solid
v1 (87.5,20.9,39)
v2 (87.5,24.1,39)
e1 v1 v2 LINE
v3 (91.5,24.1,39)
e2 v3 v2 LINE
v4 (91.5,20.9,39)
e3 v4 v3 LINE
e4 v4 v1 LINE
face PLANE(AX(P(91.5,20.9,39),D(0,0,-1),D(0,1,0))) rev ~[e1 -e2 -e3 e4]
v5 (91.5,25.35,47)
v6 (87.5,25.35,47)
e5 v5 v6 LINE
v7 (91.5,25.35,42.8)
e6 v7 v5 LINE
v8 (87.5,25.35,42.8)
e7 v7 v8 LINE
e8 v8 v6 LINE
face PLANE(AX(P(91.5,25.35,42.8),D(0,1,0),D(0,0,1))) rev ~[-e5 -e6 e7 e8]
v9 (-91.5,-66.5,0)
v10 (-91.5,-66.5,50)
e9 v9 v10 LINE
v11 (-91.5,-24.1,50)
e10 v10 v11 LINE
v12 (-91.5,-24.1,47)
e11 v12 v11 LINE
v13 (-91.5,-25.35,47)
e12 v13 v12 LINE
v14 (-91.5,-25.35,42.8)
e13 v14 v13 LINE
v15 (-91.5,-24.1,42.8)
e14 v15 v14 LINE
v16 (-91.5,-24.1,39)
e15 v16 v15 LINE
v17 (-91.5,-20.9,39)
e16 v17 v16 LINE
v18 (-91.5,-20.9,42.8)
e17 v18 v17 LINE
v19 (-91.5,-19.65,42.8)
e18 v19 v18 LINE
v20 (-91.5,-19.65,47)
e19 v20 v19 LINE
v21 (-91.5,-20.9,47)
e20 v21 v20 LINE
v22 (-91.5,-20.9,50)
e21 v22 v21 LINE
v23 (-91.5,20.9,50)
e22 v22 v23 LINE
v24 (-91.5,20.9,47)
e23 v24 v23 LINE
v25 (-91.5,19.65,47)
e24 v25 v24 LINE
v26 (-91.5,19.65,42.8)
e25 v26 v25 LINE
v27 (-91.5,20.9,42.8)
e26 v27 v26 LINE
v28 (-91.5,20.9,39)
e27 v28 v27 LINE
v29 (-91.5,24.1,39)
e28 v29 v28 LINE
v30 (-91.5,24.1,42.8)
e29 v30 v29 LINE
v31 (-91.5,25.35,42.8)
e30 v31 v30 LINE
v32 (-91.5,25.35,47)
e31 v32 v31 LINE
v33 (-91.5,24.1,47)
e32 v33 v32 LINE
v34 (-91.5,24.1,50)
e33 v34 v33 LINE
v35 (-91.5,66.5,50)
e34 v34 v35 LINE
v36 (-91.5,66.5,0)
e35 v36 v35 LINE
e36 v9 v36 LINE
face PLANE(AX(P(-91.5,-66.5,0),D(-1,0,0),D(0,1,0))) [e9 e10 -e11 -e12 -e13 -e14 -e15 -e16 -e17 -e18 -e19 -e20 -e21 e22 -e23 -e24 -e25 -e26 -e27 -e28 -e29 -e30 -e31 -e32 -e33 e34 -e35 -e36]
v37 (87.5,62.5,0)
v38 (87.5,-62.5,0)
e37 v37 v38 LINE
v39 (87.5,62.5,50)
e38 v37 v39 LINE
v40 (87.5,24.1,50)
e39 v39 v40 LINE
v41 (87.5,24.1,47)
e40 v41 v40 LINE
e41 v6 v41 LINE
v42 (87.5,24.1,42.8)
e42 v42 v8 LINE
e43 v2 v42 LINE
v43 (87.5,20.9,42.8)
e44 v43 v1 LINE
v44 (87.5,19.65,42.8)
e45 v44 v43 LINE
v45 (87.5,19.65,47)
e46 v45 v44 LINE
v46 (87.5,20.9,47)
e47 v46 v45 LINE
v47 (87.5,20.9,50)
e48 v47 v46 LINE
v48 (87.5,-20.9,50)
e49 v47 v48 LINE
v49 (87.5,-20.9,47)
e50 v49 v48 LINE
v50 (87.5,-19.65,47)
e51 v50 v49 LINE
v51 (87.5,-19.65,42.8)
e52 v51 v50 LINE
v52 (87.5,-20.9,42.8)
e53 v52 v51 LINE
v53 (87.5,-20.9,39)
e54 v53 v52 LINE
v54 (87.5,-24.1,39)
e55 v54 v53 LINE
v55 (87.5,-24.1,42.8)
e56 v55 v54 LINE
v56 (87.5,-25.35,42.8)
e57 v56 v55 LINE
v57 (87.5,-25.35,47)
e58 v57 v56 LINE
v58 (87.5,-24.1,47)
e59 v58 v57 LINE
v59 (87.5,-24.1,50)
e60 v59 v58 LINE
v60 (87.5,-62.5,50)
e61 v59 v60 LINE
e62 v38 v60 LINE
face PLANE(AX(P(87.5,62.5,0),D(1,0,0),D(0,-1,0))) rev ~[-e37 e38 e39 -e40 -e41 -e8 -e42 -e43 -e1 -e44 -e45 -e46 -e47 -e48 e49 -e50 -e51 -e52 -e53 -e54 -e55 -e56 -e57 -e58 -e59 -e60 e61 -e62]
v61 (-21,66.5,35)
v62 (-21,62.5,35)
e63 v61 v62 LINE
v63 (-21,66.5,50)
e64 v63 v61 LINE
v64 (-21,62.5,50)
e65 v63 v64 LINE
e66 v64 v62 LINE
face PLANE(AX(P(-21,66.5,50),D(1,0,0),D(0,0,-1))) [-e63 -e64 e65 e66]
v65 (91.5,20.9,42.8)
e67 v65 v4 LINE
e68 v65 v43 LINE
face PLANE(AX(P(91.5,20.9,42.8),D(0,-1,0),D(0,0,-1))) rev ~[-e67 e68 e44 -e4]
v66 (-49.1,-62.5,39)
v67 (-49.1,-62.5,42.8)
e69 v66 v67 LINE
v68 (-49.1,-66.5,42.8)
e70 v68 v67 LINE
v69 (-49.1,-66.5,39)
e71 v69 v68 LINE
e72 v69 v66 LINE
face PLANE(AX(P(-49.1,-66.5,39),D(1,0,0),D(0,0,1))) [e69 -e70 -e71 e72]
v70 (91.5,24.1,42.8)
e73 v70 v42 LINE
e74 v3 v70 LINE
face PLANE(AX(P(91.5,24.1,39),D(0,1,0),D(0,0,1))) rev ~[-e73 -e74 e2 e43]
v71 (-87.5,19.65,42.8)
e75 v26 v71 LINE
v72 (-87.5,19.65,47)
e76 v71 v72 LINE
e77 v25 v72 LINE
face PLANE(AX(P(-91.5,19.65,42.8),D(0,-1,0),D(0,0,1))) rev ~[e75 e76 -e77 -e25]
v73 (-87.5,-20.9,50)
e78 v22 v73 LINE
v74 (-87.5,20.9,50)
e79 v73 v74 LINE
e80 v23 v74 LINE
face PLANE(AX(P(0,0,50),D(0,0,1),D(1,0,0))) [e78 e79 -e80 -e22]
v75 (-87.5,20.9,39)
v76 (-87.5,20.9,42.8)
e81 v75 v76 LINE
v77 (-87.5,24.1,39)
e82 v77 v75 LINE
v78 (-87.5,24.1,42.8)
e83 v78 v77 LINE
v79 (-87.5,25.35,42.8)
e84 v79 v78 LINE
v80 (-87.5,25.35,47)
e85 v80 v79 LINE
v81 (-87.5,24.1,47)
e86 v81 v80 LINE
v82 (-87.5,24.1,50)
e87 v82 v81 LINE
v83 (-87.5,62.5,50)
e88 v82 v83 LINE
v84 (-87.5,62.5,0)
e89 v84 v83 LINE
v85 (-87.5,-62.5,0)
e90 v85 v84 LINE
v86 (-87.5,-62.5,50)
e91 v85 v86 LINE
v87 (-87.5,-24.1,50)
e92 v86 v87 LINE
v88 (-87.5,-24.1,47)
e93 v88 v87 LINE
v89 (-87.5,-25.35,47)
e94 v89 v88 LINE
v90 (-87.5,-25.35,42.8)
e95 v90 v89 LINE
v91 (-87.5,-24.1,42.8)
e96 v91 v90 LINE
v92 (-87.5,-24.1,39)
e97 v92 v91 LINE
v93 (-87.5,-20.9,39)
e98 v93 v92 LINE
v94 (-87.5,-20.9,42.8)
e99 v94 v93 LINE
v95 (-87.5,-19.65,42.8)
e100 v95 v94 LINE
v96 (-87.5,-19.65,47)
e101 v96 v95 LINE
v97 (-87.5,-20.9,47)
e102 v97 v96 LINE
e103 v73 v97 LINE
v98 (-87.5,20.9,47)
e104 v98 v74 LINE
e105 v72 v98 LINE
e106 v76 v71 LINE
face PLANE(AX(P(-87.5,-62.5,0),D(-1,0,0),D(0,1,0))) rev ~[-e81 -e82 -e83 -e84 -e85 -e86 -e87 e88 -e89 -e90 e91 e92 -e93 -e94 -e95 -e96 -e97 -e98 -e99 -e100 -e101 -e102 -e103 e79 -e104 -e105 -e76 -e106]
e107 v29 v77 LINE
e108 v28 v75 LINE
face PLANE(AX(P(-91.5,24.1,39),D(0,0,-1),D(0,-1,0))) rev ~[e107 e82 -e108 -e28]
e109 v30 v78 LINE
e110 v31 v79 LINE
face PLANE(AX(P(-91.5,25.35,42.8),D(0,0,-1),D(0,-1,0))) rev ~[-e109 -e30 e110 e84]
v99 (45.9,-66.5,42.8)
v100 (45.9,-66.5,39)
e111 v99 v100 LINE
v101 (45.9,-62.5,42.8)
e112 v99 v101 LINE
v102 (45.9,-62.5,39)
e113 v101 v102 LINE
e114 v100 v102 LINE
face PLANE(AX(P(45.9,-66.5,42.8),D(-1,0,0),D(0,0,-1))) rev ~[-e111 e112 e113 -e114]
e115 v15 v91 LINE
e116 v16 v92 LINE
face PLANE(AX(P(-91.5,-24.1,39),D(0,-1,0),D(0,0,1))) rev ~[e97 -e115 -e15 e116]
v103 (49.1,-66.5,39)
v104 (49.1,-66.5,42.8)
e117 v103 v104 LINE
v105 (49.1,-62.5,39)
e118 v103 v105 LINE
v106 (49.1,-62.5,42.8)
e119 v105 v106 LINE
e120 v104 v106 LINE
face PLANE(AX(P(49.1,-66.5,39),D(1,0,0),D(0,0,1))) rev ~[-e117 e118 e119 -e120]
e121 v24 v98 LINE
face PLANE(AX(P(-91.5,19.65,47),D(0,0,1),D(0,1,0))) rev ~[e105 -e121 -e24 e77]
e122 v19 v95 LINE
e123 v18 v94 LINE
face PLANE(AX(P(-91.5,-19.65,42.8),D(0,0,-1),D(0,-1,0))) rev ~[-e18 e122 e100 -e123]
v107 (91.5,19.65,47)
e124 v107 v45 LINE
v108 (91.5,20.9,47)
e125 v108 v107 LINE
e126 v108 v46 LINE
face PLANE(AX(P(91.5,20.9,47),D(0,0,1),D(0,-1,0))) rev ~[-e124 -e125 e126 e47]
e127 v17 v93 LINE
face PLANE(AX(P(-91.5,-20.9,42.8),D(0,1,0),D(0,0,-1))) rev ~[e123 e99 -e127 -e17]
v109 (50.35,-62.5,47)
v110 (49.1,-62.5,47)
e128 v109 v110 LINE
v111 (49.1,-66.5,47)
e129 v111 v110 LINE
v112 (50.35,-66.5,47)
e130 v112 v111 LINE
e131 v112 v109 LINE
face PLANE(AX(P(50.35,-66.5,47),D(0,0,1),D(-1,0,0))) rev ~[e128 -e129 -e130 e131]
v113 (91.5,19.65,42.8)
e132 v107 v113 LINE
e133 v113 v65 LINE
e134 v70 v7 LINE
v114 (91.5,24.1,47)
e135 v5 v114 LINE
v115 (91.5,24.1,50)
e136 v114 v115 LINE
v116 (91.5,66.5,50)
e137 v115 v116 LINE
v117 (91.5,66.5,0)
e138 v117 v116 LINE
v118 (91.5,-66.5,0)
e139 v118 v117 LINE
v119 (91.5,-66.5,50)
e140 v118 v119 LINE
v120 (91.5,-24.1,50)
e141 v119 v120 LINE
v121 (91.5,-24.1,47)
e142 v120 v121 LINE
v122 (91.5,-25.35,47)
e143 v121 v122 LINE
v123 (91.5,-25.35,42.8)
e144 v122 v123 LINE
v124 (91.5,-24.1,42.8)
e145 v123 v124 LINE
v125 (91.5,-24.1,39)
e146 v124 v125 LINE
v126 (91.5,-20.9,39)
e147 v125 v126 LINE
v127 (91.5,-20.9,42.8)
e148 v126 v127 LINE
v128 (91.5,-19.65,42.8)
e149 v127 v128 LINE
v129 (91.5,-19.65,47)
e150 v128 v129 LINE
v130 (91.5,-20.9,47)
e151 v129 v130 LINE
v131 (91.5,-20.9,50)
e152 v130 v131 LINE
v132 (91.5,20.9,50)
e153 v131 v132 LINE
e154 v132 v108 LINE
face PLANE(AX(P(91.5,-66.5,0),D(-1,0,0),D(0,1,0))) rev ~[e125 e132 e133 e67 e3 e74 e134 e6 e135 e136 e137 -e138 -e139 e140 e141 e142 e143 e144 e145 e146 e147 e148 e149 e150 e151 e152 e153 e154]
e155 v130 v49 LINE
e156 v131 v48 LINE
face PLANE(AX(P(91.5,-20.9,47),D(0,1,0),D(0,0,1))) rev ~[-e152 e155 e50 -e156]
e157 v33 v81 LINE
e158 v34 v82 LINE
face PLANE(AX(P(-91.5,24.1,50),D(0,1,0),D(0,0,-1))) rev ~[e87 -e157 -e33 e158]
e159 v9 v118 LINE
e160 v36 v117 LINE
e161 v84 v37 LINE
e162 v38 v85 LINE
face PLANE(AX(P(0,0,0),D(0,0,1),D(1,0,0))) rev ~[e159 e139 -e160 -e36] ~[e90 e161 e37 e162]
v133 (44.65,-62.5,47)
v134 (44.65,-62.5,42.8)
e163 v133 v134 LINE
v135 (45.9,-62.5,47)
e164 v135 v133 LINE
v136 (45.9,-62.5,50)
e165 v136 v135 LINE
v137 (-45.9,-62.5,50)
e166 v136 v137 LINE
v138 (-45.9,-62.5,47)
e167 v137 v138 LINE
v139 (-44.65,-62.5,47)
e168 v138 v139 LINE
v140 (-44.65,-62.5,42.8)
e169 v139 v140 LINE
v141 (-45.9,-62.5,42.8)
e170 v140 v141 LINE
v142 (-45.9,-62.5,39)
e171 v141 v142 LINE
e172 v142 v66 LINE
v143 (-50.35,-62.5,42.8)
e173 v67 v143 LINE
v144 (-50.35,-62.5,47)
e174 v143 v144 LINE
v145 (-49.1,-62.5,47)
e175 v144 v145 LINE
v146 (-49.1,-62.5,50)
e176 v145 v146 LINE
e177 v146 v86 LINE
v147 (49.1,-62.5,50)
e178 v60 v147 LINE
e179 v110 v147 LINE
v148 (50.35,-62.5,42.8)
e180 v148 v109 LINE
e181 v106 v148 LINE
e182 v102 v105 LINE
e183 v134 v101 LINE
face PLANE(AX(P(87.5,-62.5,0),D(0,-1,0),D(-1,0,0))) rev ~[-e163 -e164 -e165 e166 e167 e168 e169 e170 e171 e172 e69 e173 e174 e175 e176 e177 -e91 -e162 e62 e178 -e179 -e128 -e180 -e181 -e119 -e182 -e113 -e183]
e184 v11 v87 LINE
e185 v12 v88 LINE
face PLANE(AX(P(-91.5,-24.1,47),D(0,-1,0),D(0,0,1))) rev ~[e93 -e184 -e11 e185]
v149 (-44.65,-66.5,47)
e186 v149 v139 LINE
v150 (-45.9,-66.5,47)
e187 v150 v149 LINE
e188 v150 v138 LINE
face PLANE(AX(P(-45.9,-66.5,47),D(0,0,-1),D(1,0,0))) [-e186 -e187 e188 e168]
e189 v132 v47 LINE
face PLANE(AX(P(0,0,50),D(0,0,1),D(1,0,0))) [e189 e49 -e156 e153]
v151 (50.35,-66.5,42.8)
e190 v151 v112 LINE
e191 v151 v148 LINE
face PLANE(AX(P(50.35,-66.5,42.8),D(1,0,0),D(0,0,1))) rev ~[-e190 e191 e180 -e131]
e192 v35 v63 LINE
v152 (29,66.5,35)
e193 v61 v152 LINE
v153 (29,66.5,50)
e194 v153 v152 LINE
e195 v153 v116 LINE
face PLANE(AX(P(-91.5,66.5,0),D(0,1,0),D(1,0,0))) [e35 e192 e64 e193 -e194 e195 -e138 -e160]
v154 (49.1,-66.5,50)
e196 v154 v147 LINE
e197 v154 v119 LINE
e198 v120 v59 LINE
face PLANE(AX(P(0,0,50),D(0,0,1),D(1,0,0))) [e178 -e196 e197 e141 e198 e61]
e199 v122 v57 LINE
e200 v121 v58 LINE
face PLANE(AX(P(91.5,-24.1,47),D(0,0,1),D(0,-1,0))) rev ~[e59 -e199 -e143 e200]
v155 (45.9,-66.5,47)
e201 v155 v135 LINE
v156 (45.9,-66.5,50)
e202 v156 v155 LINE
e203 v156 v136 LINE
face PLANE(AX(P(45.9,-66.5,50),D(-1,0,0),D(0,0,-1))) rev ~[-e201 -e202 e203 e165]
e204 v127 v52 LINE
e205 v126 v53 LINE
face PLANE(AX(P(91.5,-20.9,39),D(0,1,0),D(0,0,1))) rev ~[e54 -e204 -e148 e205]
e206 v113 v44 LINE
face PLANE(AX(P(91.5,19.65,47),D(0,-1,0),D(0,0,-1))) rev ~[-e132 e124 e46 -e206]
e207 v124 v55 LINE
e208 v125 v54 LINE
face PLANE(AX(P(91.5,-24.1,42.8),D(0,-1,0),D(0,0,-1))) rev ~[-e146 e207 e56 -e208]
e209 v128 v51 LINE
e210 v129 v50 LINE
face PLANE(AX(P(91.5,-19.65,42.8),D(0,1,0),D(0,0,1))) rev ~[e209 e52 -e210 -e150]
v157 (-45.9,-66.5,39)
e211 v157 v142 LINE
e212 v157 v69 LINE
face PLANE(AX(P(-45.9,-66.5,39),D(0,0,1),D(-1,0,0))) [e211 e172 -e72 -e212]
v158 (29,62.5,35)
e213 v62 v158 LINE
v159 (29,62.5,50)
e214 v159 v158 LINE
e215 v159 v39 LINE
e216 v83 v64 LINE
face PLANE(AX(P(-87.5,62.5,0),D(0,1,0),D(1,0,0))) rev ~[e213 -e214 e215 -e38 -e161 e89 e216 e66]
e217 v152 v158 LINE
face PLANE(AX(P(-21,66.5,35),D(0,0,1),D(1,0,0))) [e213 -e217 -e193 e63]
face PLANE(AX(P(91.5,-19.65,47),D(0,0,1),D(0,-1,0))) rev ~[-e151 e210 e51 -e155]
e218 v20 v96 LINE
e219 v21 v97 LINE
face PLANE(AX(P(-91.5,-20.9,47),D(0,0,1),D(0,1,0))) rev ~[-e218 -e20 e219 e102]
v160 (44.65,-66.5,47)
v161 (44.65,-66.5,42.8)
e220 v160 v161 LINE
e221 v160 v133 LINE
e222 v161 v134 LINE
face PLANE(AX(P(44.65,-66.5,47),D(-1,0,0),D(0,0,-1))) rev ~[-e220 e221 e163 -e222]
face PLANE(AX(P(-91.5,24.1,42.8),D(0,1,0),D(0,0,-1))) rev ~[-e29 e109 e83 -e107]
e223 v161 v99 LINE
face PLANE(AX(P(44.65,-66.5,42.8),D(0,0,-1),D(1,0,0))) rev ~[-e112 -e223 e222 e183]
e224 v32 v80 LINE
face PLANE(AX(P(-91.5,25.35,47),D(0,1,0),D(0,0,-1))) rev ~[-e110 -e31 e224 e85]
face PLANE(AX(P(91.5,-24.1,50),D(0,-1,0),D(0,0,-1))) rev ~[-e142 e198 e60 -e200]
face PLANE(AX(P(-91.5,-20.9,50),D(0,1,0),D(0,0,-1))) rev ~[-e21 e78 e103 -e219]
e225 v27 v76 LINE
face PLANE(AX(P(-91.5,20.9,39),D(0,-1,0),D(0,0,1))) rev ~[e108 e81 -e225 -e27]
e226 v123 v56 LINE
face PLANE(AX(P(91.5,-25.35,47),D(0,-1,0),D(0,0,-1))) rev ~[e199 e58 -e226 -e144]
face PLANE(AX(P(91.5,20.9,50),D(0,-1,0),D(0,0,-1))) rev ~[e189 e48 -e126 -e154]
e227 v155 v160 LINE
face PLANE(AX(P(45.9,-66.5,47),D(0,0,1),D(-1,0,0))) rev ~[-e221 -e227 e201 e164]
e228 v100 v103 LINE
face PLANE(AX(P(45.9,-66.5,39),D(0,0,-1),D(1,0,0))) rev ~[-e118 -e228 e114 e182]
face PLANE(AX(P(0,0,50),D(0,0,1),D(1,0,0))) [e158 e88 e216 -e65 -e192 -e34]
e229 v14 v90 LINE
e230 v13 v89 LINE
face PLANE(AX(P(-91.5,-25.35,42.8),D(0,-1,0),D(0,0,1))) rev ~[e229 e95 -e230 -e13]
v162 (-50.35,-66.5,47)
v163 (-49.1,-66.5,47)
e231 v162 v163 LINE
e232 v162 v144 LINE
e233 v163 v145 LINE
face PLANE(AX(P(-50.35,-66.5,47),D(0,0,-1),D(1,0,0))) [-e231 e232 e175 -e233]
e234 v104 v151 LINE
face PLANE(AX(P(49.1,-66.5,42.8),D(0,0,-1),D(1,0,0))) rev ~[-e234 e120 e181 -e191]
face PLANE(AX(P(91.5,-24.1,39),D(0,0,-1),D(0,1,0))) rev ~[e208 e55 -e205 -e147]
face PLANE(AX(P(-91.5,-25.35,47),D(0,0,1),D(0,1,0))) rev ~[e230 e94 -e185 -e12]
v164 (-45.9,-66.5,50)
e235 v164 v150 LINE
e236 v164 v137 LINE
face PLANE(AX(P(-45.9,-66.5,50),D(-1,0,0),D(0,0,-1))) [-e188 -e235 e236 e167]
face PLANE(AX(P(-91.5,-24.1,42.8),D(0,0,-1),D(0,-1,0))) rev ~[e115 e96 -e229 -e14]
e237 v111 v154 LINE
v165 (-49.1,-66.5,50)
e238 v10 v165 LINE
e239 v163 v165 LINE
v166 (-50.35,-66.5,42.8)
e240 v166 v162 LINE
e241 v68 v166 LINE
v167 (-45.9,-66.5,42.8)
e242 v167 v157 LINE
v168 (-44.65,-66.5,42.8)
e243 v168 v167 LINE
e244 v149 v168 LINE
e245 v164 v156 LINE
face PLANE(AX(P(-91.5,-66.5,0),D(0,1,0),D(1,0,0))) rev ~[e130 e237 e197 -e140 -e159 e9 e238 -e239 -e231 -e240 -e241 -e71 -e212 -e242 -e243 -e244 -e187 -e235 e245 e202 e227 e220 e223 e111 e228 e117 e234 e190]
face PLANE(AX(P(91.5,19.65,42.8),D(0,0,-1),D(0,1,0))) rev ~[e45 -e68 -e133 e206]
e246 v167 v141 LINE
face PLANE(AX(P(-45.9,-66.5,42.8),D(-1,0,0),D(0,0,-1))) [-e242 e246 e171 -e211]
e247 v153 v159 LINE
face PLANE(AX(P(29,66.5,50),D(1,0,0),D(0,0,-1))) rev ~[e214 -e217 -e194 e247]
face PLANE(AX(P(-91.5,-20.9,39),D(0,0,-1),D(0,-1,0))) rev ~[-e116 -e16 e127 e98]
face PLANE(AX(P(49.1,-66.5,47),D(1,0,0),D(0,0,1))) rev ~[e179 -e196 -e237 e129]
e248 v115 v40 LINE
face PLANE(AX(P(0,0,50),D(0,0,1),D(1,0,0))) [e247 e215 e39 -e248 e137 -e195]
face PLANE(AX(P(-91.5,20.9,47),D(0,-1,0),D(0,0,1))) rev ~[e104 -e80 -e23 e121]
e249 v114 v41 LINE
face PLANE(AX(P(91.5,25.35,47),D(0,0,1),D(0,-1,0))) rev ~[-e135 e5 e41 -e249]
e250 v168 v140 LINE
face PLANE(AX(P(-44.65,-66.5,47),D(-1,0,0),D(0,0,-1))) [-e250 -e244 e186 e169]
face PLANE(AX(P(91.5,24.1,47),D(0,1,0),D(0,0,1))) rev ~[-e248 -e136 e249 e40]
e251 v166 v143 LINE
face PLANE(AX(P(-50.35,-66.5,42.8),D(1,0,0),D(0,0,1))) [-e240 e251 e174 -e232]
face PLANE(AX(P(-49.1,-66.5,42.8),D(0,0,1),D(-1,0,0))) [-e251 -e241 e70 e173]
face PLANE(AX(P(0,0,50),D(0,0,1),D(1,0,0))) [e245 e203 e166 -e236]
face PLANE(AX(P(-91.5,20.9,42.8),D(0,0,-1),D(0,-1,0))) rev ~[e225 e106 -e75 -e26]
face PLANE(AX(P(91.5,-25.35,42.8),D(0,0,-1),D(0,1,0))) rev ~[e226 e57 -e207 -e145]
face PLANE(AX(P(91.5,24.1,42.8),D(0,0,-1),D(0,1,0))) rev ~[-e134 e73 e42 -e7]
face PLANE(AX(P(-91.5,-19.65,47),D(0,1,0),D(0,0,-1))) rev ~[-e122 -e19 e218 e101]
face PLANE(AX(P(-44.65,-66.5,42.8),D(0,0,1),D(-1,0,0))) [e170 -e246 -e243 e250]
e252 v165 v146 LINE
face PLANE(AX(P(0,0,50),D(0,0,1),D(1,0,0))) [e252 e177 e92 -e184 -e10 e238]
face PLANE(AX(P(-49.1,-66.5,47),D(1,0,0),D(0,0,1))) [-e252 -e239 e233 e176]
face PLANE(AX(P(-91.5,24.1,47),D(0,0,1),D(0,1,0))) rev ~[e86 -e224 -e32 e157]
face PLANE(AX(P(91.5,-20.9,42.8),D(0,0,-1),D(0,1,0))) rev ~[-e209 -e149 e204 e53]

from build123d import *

# Parameters (mm, degrees)
ESQUISSE2_W             = 183
ESQUISSE2_H             = 133
BOSS_EXTRU_2_DEPTH      = 50
ESQUISSE3_W             = 50
ESQUISSE3_H             = 15
ENL_V_MAT_EXTRU_1_DEPTH = 50
ENL_V_MAT_EXTRU_3_DEPTH = 4
ENL_V_MAT_EXTRU_4_DEPTH = 4
ENL_V_MAT_EXTRU_5_DEPTH = 4


with BuildPart() as part:
    # Esquisse2 → Boss.-Extru.2 (new body)
    with BuildSketch(Plane.XY):
        Rectangle(ESQUISSE2_W, ESQUISSE2_H)
        Polygon((-85.996240602, -62.5), (-87.5, -62.5), (-87.5, 62.5), (87.5, 62.5), (87.5, -62.5), align=None, mode=Mode.SUBTRACT)
    extrude(amount=BOSS_EXTRU_2_DEPTH)

    # Esquisse3 → Enlèv. mat.-Extru.1 (cut)
    with BuildSketch(Plane(origin=(0, 66.5, 0), x_dir=(1, 0, 0), z_dir=(0, 1, 0))):
        with Locations((4, -42.5)):
            Rectangle(ESQUISSE3_W, ESQUISSE3_H)
    extrude(amount=-ENL_V_MAT_EXTRU_1_DEPTH, mode=Mode.SUBTRACT)

    # Esquisse6 → Enlèv. mat.-Extru.3 (cut)
    with BuildSketch(Plane(origin=(91.5, 0, 0), x_dir=(0, 0, -1), z_dir=(1, 0, 0))):
        Polygon((-50, 20.9), (-47, 20.9), (-47, 19.65), (-42.8, 19.65), (-42.8, 20.9), (-39, 20.9), (-39, 24.1), (-42.8, 24.1), (-42.8, 25.35), (-47, 25.35), (-47, 24.1), (-50, 24.1), align=None)
        Polygon((-50, -24.1), (-47, -24.1), (-47, -25.35), (-42.8, -25.35), (-42.8, -24.1), (-39, -24.1), (-39, -20.9), (-42.8, -20.9), (-42.8, -19.65), (-47, -19.65), (-47, -20.9), (-50, -20.9), align=None)
    extrude(amount=-ENL_V_MAT_EXTRU_3_DEPTH, mode=Mode.SUBTRACT)

    # Esquisse7 → Enlèv. mat.-Extru.4 (cut)
    with BuildSketch(Plane.ZY.offset(91.5)):
        Polygon((47, 20.9), (50, 20.9), (50, 24.1), (47, 24.1), (47, 25.35), (42.8, 25.35), (42.8, 24.1), (39, 24.1), (39, 20.9), (42.8, 20.9), (42.8, 19.65), (47, 19.65), align=None)
        Polygon((47, -24.1), (50, -24.1), (50, -20.9), (47, -20.9), (47, -19.65), (42.8, -19.65), (42.8, -20.9), (39, -20.9), (39, -24.1), (42.8, -24.1), (42.8, -25.35), (47, -25.35), align=None)
    extrude(amount=-ENL_V_MAT_EXTRU_4_DEPTH, mode=Mode.SUBTRACT)

    # Esquisse9 → Enlèv. mat.-Extru.5 (cut)
    with BuildSketch(Plane.XZ.offset(66.5)):
        Polygon((-49.1, 50), (-45.9, 50), (-45.9, 47), (-44.65, 47), (-44.65, 42.8), (-45.9, 42.8), (-45.9, 39), (-49.1, 39), (-49.1, 42.8), (-50.35, 42.8), (-50.35, 47), (-49.1, 47), align=None)
        Polygon((45.9, 50), (45.9, 47), (44.65, 47), (44.65, 42.8), (45.9, 42.8), (45.9, 39), (49.1, 39), (49.1, 42.8), (50.35, 42.8), (50.35, 47), (49.1, 47), (49.1, 50), align=None)
    extrude(amount=-ENL_V_MAT_EXTRU_5_DEPTH, mode=Mode.SUBTRACT)


solid = part.part
